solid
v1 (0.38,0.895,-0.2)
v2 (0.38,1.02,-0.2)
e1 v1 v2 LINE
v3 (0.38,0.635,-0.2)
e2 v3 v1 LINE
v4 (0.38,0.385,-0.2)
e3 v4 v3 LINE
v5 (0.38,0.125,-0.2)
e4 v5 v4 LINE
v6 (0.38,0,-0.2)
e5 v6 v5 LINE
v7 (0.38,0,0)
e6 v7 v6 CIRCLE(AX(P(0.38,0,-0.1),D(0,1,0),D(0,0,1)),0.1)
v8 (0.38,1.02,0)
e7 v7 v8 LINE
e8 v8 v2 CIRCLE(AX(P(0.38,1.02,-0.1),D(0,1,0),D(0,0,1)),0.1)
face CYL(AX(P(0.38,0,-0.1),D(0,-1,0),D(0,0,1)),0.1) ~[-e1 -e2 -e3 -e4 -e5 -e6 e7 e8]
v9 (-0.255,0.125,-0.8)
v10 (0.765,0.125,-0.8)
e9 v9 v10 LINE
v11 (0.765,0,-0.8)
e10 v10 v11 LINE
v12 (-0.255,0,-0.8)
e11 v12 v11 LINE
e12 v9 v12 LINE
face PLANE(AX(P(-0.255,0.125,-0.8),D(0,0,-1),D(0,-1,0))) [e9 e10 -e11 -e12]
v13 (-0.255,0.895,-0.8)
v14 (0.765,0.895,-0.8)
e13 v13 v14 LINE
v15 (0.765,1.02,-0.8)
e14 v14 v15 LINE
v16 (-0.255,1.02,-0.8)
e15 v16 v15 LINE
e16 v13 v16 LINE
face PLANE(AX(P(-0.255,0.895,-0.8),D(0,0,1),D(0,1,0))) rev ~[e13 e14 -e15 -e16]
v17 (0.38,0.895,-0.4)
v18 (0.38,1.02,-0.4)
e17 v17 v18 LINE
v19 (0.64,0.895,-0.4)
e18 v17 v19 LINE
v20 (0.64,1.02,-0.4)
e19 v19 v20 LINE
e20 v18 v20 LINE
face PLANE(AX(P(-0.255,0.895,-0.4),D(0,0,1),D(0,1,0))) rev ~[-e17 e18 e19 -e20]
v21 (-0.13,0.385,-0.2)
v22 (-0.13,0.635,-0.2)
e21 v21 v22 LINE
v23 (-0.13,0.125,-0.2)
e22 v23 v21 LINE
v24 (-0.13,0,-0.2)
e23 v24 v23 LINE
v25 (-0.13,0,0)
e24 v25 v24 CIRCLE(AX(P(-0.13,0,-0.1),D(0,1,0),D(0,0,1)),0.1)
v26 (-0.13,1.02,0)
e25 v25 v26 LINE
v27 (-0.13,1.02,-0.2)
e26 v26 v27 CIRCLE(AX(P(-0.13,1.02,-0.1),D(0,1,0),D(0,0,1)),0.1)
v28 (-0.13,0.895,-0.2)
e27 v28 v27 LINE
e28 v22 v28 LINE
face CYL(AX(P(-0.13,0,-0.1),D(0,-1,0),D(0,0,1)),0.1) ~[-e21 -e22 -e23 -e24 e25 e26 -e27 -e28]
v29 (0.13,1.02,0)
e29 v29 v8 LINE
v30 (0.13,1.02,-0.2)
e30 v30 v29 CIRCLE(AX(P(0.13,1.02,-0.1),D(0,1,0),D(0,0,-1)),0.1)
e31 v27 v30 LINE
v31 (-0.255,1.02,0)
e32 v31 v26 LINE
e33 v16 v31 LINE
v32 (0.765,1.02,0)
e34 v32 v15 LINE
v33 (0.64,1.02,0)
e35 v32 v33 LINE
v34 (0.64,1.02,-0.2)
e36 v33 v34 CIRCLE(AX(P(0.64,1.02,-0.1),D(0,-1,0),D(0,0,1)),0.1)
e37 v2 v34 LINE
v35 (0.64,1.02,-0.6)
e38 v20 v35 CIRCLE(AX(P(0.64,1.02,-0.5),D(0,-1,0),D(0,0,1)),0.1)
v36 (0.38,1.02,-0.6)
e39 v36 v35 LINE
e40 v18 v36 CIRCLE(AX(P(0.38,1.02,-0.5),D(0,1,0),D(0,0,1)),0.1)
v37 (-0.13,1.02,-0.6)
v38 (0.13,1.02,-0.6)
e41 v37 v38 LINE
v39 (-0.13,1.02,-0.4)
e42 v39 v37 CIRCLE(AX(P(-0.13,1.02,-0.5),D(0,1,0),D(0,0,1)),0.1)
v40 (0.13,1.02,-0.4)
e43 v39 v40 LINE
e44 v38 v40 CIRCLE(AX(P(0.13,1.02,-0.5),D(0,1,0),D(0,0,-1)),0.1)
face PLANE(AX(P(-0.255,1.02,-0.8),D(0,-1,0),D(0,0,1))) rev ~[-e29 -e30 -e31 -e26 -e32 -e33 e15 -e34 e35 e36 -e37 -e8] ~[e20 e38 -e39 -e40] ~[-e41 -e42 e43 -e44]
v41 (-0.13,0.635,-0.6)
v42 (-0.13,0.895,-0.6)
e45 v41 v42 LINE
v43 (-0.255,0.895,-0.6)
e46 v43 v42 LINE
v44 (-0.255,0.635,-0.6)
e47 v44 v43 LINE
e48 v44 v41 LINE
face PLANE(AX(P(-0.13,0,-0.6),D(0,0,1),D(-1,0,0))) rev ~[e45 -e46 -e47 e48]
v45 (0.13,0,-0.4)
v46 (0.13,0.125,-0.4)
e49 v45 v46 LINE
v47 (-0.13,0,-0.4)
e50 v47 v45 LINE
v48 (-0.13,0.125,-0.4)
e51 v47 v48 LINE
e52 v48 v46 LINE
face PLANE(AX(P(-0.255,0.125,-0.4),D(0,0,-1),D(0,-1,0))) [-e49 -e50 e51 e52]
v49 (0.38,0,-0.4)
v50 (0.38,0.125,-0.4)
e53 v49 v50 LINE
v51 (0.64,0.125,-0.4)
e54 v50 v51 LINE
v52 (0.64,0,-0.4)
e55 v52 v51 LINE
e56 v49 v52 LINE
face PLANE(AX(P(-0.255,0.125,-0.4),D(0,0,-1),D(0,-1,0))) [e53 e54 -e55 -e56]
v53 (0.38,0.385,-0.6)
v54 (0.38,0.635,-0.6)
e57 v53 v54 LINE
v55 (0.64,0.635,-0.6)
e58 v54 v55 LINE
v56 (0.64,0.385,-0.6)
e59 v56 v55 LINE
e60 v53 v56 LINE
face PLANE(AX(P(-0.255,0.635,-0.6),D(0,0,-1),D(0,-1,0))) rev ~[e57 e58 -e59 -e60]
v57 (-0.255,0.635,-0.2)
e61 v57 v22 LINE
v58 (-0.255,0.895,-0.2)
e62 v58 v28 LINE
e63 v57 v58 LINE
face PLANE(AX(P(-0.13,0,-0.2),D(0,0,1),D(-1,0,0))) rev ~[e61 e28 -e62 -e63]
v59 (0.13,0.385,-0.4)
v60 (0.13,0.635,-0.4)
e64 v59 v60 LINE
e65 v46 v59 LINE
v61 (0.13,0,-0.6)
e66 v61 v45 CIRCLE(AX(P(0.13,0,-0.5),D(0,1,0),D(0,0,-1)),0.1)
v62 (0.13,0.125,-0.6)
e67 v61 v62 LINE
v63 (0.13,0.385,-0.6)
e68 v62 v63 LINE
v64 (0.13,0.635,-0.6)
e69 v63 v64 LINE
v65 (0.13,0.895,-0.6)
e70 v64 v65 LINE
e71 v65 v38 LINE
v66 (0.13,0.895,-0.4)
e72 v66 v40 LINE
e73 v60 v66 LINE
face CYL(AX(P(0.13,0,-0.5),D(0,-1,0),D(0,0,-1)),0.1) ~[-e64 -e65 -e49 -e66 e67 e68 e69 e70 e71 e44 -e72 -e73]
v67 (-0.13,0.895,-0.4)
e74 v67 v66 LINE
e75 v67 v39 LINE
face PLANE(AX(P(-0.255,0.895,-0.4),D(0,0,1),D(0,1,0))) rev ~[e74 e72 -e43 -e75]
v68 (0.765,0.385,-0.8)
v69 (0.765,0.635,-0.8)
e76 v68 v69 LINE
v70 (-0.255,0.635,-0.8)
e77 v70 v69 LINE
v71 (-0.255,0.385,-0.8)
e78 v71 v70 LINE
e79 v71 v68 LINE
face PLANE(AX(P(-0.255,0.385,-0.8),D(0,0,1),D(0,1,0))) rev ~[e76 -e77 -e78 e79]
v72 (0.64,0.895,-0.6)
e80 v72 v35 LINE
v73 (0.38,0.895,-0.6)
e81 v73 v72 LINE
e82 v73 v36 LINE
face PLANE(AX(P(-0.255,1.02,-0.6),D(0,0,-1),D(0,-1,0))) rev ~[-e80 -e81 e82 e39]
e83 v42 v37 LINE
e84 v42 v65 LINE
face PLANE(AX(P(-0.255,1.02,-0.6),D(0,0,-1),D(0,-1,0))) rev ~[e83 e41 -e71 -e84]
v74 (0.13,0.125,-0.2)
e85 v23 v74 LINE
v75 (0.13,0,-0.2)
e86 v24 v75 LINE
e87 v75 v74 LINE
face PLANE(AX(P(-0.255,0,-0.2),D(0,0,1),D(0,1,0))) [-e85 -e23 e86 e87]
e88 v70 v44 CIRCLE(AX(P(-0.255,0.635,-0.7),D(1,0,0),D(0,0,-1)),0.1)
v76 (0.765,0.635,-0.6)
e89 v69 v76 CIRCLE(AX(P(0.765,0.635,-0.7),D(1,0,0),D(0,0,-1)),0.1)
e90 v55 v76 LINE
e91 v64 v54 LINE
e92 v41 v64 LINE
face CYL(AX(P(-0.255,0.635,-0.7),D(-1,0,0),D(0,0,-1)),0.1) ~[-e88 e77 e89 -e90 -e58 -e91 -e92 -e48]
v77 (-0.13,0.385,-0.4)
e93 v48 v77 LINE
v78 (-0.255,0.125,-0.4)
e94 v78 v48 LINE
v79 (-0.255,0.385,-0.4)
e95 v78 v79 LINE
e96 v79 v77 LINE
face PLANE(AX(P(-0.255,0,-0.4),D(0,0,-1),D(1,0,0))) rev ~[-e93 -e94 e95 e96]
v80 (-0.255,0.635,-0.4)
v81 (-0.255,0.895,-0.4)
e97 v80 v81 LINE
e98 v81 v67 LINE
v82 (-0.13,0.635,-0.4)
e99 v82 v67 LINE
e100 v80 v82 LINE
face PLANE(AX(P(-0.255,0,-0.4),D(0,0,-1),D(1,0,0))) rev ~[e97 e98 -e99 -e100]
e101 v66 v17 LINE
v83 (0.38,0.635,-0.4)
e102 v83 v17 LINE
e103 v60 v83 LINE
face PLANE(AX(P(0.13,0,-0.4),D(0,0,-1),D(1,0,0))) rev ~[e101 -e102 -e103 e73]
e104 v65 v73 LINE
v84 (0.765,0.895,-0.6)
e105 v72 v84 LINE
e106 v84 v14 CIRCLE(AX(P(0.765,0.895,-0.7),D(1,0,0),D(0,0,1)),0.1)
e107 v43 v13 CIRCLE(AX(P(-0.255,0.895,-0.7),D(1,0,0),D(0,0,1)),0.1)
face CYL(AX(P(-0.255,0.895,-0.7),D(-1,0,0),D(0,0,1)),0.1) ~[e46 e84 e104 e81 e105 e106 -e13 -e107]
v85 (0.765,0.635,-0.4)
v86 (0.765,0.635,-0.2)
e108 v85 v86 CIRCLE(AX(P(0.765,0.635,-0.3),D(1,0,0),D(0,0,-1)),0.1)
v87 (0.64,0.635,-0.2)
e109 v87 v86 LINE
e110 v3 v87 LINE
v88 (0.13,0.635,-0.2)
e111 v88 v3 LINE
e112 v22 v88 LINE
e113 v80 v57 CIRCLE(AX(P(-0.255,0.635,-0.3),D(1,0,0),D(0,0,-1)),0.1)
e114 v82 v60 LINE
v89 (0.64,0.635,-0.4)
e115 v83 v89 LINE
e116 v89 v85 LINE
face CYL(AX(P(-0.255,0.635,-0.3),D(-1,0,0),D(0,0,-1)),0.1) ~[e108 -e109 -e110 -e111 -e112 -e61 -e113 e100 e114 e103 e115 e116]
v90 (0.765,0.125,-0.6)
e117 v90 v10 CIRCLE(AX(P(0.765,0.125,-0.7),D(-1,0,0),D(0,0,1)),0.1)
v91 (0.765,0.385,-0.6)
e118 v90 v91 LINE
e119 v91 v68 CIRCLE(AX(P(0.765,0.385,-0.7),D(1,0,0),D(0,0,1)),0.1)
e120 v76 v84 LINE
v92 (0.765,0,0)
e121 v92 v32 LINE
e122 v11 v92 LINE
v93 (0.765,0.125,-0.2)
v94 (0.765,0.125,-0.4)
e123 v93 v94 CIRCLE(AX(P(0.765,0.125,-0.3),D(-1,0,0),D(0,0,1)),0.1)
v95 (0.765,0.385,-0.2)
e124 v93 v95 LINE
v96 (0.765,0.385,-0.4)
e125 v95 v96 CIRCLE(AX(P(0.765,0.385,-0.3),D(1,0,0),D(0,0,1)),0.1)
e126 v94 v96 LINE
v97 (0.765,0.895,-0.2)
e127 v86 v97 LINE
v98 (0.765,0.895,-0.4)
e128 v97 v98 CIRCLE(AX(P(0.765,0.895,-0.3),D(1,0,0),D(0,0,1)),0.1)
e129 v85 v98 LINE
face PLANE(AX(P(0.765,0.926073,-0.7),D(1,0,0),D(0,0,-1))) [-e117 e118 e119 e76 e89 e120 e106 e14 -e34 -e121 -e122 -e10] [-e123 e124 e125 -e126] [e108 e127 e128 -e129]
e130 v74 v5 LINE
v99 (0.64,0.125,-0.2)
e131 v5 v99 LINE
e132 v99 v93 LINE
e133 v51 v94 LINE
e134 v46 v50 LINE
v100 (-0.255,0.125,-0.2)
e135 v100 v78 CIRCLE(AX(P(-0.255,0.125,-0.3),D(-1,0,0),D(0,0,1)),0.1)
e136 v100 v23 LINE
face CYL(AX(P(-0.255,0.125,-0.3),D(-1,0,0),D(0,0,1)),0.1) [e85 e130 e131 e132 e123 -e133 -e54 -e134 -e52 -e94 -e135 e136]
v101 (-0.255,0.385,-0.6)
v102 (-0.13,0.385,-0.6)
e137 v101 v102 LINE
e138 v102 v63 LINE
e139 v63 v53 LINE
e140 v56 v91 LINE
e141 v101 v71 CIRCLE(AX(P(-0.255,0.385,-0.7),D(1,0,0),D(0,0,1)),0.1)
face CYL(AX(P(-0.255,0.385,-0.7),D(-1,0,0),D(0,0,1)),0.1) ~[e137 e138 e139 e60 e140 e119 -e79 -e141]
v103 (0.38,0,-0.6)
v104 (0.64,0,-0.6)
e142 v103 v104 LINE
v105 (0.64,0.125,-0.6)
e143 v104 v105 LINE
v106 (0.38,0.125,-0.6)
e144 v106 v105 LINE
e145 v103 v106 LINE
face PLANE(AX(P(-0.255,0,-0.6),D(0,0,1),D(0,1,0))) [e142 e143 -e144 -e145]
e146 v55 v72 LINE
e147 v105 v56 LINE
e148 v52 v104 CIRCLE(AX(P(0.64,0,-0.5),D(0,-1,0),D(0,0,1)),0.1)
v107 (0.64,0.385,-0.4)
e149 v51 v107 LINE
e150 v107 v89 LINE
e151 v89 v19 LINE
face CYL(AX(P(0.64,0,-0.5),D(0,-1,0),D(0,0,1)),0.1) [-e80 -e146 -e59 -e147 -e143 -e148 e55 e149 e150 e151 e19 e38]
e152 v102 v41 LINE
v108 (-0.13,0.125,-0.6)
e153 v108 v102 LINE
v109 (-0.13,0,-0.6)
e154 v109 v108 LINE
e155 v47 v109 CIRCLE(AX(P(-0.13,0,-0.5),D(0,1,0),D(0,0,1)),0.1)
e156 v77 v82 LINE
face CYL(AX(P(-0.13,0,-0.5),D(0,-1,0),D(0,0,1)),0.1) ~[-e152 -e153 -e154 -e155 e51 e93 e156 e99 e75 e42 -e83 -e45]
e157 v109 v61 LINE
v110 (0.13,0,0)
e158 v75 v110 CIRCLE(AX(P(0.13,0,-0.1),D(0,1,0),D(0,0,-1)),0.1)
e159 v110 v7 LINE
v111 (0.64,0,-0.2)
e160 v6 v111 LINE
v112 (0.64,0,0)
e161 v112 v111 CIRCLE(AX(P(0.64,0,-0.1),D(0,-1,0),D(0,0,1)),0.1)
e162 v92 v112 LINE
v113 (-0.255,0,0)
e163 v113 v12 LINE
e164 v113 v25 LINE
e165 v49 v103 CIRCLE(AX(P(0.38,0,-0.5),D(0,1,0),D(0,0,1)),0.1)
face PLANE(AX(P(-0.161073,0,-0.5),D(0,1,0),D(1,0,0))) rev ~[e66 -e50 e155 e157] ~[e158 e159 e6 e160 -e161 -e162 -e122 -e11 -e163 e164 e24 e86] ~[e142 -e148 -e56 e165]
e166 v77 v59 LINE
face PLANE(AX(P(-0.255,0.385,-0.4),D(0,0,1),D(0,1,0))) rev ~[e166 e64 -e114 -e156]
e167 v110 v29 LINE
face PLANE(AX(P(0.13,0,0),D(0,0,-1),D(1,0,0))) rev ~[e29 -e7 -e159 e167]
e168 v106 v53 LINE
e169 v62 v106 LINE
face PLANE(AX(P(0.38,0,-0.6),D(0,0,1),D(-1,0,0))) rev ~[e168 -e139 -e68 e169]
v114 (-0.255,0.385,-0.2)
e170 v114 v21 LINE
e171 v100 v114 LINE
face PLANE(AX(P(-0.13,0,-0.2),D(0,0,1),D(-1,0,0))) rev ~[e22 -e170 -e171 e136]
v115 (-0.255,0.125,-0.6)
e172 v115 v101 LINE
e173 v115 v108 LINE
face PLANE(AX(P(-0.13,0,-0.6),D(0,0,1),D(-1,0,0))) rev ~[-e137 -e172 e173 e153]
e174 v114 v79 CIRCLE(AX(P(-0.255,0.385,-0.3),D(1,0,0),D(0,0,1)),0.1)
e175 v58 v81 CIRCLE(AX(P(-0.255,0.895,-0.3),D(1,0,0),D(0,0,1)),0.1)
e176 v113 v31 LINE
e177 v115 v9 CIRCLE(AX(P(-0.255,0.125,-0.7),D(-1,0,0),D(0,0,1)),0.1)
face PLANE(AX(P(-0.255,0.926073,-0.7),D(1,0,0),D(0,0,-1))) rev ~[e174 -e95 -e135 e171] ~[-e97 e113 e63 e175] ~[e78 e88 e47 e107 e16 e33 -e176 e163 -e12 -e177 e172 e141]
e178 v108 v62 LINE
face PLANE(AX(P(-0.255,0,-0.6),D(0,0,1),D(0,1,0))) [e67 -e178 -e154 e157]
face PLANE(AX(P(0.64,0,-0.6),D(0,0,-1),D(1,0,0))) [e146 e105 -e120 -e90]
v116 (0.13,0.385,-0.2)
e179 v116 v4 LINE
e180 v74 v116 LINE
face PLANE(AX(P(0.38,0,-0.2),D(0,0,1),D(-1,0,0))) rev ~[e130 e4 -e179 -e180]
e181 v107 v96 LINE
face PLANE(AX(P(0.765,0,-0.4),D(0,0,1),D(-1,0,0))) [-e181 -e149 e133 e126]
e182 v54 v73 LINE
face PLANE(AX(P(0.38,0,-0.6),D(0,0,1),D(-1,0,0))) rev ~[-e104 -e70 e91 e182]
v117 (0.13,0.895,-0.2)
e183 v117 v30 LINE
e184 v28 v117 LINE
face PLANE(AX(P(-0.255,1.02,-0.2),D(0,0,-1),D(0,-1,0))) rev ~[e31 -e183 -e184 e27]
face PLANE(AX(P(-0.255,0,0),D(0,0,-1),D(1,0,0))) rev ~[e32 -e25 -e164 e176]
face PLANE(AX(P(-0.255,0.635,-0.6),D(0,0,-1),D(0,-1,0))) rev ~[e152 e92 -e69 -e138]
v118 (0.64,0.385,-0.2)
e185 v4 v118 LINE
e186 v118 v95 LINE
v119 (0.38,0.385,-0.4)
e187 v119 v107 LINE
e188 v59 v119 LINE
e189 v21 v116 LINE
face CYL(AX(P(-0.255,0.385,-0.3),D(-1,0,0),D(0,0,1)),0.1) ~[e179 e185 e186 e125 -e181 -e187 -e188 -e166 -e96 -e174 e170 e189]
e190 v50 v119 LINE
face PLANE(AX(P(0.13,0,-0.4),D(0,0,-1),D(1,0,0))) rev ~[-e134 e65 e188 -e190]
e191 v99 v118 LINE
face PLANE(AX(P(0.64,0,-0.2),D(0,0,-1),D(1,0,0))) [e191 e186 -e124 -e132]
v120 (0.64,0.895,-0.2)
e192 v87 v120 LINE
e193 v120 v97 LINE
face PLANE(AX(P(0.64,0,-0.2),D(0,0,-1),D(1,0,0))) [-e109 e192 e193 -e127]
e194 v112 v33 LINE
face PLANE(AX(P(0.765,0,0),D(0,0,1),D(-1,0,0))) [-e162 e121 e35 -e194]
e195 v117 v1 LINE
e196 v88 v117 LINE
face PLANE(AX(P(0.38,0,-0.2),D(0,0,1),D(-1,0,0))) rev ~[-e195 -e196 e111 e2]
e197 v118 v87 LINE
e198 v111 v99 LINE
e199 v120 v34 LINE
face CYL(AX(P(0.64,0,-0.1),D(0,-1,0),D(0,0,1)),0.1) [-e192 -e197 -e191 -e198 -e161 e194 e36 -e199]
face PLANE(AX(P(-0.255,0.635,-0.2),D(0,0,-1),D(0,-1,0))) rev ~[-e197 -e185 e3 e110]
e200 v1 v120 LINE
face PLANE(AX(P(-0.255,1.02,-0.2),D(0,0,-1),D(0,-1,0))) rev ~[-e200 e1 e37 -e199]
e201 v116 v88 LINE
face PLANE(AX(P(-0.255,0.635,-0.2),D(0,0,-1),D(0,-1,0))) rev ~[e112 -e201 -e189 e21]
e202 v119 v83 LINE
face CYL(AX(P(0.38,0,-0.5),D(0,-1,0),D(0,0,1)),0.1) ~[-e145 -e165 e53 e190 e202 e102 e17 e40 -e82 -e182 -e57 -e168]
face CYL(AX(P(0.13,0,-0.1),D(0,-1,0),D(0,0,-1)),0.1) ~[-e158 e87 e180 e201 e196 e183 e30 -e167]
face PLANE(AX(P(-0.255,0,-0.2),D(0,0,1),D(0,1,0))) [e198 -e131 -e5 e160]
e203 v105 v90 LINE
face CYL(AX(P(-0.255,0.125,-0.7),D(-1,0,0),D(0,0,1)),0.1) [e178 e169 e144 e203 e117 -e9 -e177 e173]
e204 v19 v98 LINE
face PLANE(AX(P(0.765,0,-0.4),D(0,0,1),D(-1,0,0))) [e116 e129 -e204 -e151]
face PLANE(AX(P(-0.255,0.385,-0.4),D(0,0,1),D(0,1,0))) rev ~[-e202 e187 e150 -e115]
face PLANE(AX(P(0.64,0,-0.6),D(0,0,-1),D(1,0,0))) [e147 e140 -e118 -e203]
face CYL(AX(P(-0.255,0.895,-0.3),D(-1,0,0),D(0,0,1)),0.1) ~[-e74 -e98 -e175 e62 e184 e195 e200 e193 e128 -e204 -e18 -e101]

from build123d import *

# Parameters (mm, degrees)
DODANIE_WYCI_GNI_CIE1_DEPTH = 1.02
DODANIE_WYCI_GNI_CIE2_START = -0.255
DODANIE_WYCI_GNI_CIE2_DEPTH = 1.02


with BuildPart() as part:
    # Szkic1 → Dodanie-wyciągnięcie1 (new body)
    with BuildSketch(Plane(origin=(0, 0, 0), x_dir=(1, 0, 0), z_dir=(0, 1, 0))):
        with BuildLine():
            Line((-0.255, 0), (-0.13, 0))
            ThreePointArc((-0.13, 0), (-0.03, 0.1), (-0.13, 0.2))
            Line((-0.13, 0.2), (-0.255, 0.2))
            Line((-0.255, 0.2), (-0.255, 0))
        make_face()
        with BuildLine():
            Line((-0.255, 0.4), (-0.13, 0.4))
            ThreePointArc((-0.13, 0.4), (-0.03, 0.5), (-0.13, 0.6))
            Line((-0.13, 0.6), (-0.255, 0.6))
            Line((-0.255, 0.6), (-0.255, 0.4))
        make_face()
        with BuildLine():
            Line((0.255, 0.4), (0.255, 0.6))
            Line((0.255, 0.6), (0.13, 0.6))
            ThreePointArc((0.13, 0.6), (0.03, 0.5), (0.13, 0.4))
            Line((0.13, 0.4), (0.255, 0.4))
        make_face()
        with BuildLine():
            Line((0.38, 0.6), (0.255, 0.6))
            Line((0.255, 0.6), (0.255, 0.4))
            Line((0.255, 0.4), (0.38, 0.4))
            ThreePointArc((0.38, 0.4), (0.48, 0.5), (0.38, 0.6))
        make_face()
        with BuildLine():
            Line((0.38, 0.2), (0.255, 0.2))
            Line((0.255, 0.2), (0.255, 0))
            Line((0.255, 0), (0.38, 0))
            ThreePointArc((0.38, 0), (0.48, 0.1), (0.38, 0.2))
        make_face()
        with BuildLine():
            Line((0.255, 0.2), (0.13, 0.2))
            ThreePointArc((0.13, 0.2), (0.03, 0.1), (0.13, 0))
            Line((0.13, 0), (0.255, 0))
            Line((0.255, 0), (0.255, 0.2))
        make_face()
        with BuildLine():
            ThreePointArc((0.64, 0), (0.54, 0.1), (0.64, 0.2))
            Line((0.64, 0.2), (0.765, 0.2))
            Line((0.765, 0.2), (0.765, 0))
            Line((0.765, 0), (0.64, 0))
        make_face()
        with BuildLine():
            ThreePointArc((0.64, 0.4), (0.54, 0.5), (0.64, 0.6))
            Line((0.64, 0.6), (0.765, 0.6))
            Line((0.765, 0.6), (0.765, 0.4))
            Line((0.765, 0.4), (0.64, 0.4))
        make_face()
    extrude(amount=DODANIE_WYCI_GNI_CIE1_DEPTH)

    # Szkic4 → Dodanie-wyciągnięcie2 (add)
    with BuildSketch(Plane(origin=(0, 0, 0), x_dir=(0, 0, -1), z_dir=(1, 0, 0)).offset(DODANIE_WYCI_GNI_CIE2_START)):
        with BuildLine():
            Line((0.6, 1.02), (0.6, 0.895))
            ThreePointArc((0.6, 0.895), (0.7, 0.795), (0.8, 0.895))
            Line((0.8, 0.895), (0.8, 1.02))
            Line((0.8, 1.02), (0.6, 1.02))
        make_face()
        with BuildLine():
            ThreePointArc((0.8, 0.635), (0.7, 0.735), (0.6, 0.635))
            Line((0.6, 0.635), (0.6, 0.51))
            Line((0.6, 0.51), (0.8, 0.51))
            Line((0.8, 0.51), (0.8, 0.635))
        make_face()
        with BuildLine():
            Line((0.8, 0.51), (0.6, 0.51))
            Line((0.6, 0.51), (0.6, 0.385))
            ThreePointArc((0.6, 0.385), (0.7, 0.285), (0.8, 0.385))
            Line((0.8, 0.385), (0.8, 0.51))
        make_face()
        with BuildLine():
            ThreePointArc((0.6, 0.125), (0.7, 0.225), (0.8, 0.125))
            Line((0.8, 0.125), (0.8, 0))
            Line((0.8, 0), (0.6, 0))
            Line((0.6, 0), (0.6, 0.125))
        make_face()
        with BuildLine():
            ThreePointArc((0.2, 0.125), (0.3, 0.225), (0.4, 0.125))
            Line((0.4, 0.125), (0.4, 0))
            Line((0.4, 0), (0.2, 0))
            Line((0.2, 0), (0.2, 0.125))
        make_face()
        with BuildLine():
            Line((0.4, 0.51), (0.2, 0.51))
            Line((0.2, 0.51), (0.2, 0.385))
            ThreePointArc((0.2, 0.385), (0.3, 0.285), (0.4, 0.385))
            Line((0.4, 0.385), (0.4, 0.51))
        make_face()
        with BuildLine():
            Line((0.2, 0.635), (0.2, 0.51))
            Line((0.2, 0.51), (0.4, 0.51))
            Line((0.4, 0.51), (0.4, 0.635))
            ThreePointArc((0.4, 0.635), (0.3, 0.735), (0.2, 0.635))
        make_face()
        with BuildLine():
            Line((0.2, 1.02), (0.2, 0.895))
            ThreePointArc((0.2, 0.895), (0.3, 0.795), (0.4, 0.895))
            Line((0.4, 0.895), (0.4, 1.02))
            Line((0.4, 1.02), (0.2, 1.02))
        make_face()
    extrude(amount=DODANIE_WYCI_GNI_CIE2_DEPTH)


solid = part.part
